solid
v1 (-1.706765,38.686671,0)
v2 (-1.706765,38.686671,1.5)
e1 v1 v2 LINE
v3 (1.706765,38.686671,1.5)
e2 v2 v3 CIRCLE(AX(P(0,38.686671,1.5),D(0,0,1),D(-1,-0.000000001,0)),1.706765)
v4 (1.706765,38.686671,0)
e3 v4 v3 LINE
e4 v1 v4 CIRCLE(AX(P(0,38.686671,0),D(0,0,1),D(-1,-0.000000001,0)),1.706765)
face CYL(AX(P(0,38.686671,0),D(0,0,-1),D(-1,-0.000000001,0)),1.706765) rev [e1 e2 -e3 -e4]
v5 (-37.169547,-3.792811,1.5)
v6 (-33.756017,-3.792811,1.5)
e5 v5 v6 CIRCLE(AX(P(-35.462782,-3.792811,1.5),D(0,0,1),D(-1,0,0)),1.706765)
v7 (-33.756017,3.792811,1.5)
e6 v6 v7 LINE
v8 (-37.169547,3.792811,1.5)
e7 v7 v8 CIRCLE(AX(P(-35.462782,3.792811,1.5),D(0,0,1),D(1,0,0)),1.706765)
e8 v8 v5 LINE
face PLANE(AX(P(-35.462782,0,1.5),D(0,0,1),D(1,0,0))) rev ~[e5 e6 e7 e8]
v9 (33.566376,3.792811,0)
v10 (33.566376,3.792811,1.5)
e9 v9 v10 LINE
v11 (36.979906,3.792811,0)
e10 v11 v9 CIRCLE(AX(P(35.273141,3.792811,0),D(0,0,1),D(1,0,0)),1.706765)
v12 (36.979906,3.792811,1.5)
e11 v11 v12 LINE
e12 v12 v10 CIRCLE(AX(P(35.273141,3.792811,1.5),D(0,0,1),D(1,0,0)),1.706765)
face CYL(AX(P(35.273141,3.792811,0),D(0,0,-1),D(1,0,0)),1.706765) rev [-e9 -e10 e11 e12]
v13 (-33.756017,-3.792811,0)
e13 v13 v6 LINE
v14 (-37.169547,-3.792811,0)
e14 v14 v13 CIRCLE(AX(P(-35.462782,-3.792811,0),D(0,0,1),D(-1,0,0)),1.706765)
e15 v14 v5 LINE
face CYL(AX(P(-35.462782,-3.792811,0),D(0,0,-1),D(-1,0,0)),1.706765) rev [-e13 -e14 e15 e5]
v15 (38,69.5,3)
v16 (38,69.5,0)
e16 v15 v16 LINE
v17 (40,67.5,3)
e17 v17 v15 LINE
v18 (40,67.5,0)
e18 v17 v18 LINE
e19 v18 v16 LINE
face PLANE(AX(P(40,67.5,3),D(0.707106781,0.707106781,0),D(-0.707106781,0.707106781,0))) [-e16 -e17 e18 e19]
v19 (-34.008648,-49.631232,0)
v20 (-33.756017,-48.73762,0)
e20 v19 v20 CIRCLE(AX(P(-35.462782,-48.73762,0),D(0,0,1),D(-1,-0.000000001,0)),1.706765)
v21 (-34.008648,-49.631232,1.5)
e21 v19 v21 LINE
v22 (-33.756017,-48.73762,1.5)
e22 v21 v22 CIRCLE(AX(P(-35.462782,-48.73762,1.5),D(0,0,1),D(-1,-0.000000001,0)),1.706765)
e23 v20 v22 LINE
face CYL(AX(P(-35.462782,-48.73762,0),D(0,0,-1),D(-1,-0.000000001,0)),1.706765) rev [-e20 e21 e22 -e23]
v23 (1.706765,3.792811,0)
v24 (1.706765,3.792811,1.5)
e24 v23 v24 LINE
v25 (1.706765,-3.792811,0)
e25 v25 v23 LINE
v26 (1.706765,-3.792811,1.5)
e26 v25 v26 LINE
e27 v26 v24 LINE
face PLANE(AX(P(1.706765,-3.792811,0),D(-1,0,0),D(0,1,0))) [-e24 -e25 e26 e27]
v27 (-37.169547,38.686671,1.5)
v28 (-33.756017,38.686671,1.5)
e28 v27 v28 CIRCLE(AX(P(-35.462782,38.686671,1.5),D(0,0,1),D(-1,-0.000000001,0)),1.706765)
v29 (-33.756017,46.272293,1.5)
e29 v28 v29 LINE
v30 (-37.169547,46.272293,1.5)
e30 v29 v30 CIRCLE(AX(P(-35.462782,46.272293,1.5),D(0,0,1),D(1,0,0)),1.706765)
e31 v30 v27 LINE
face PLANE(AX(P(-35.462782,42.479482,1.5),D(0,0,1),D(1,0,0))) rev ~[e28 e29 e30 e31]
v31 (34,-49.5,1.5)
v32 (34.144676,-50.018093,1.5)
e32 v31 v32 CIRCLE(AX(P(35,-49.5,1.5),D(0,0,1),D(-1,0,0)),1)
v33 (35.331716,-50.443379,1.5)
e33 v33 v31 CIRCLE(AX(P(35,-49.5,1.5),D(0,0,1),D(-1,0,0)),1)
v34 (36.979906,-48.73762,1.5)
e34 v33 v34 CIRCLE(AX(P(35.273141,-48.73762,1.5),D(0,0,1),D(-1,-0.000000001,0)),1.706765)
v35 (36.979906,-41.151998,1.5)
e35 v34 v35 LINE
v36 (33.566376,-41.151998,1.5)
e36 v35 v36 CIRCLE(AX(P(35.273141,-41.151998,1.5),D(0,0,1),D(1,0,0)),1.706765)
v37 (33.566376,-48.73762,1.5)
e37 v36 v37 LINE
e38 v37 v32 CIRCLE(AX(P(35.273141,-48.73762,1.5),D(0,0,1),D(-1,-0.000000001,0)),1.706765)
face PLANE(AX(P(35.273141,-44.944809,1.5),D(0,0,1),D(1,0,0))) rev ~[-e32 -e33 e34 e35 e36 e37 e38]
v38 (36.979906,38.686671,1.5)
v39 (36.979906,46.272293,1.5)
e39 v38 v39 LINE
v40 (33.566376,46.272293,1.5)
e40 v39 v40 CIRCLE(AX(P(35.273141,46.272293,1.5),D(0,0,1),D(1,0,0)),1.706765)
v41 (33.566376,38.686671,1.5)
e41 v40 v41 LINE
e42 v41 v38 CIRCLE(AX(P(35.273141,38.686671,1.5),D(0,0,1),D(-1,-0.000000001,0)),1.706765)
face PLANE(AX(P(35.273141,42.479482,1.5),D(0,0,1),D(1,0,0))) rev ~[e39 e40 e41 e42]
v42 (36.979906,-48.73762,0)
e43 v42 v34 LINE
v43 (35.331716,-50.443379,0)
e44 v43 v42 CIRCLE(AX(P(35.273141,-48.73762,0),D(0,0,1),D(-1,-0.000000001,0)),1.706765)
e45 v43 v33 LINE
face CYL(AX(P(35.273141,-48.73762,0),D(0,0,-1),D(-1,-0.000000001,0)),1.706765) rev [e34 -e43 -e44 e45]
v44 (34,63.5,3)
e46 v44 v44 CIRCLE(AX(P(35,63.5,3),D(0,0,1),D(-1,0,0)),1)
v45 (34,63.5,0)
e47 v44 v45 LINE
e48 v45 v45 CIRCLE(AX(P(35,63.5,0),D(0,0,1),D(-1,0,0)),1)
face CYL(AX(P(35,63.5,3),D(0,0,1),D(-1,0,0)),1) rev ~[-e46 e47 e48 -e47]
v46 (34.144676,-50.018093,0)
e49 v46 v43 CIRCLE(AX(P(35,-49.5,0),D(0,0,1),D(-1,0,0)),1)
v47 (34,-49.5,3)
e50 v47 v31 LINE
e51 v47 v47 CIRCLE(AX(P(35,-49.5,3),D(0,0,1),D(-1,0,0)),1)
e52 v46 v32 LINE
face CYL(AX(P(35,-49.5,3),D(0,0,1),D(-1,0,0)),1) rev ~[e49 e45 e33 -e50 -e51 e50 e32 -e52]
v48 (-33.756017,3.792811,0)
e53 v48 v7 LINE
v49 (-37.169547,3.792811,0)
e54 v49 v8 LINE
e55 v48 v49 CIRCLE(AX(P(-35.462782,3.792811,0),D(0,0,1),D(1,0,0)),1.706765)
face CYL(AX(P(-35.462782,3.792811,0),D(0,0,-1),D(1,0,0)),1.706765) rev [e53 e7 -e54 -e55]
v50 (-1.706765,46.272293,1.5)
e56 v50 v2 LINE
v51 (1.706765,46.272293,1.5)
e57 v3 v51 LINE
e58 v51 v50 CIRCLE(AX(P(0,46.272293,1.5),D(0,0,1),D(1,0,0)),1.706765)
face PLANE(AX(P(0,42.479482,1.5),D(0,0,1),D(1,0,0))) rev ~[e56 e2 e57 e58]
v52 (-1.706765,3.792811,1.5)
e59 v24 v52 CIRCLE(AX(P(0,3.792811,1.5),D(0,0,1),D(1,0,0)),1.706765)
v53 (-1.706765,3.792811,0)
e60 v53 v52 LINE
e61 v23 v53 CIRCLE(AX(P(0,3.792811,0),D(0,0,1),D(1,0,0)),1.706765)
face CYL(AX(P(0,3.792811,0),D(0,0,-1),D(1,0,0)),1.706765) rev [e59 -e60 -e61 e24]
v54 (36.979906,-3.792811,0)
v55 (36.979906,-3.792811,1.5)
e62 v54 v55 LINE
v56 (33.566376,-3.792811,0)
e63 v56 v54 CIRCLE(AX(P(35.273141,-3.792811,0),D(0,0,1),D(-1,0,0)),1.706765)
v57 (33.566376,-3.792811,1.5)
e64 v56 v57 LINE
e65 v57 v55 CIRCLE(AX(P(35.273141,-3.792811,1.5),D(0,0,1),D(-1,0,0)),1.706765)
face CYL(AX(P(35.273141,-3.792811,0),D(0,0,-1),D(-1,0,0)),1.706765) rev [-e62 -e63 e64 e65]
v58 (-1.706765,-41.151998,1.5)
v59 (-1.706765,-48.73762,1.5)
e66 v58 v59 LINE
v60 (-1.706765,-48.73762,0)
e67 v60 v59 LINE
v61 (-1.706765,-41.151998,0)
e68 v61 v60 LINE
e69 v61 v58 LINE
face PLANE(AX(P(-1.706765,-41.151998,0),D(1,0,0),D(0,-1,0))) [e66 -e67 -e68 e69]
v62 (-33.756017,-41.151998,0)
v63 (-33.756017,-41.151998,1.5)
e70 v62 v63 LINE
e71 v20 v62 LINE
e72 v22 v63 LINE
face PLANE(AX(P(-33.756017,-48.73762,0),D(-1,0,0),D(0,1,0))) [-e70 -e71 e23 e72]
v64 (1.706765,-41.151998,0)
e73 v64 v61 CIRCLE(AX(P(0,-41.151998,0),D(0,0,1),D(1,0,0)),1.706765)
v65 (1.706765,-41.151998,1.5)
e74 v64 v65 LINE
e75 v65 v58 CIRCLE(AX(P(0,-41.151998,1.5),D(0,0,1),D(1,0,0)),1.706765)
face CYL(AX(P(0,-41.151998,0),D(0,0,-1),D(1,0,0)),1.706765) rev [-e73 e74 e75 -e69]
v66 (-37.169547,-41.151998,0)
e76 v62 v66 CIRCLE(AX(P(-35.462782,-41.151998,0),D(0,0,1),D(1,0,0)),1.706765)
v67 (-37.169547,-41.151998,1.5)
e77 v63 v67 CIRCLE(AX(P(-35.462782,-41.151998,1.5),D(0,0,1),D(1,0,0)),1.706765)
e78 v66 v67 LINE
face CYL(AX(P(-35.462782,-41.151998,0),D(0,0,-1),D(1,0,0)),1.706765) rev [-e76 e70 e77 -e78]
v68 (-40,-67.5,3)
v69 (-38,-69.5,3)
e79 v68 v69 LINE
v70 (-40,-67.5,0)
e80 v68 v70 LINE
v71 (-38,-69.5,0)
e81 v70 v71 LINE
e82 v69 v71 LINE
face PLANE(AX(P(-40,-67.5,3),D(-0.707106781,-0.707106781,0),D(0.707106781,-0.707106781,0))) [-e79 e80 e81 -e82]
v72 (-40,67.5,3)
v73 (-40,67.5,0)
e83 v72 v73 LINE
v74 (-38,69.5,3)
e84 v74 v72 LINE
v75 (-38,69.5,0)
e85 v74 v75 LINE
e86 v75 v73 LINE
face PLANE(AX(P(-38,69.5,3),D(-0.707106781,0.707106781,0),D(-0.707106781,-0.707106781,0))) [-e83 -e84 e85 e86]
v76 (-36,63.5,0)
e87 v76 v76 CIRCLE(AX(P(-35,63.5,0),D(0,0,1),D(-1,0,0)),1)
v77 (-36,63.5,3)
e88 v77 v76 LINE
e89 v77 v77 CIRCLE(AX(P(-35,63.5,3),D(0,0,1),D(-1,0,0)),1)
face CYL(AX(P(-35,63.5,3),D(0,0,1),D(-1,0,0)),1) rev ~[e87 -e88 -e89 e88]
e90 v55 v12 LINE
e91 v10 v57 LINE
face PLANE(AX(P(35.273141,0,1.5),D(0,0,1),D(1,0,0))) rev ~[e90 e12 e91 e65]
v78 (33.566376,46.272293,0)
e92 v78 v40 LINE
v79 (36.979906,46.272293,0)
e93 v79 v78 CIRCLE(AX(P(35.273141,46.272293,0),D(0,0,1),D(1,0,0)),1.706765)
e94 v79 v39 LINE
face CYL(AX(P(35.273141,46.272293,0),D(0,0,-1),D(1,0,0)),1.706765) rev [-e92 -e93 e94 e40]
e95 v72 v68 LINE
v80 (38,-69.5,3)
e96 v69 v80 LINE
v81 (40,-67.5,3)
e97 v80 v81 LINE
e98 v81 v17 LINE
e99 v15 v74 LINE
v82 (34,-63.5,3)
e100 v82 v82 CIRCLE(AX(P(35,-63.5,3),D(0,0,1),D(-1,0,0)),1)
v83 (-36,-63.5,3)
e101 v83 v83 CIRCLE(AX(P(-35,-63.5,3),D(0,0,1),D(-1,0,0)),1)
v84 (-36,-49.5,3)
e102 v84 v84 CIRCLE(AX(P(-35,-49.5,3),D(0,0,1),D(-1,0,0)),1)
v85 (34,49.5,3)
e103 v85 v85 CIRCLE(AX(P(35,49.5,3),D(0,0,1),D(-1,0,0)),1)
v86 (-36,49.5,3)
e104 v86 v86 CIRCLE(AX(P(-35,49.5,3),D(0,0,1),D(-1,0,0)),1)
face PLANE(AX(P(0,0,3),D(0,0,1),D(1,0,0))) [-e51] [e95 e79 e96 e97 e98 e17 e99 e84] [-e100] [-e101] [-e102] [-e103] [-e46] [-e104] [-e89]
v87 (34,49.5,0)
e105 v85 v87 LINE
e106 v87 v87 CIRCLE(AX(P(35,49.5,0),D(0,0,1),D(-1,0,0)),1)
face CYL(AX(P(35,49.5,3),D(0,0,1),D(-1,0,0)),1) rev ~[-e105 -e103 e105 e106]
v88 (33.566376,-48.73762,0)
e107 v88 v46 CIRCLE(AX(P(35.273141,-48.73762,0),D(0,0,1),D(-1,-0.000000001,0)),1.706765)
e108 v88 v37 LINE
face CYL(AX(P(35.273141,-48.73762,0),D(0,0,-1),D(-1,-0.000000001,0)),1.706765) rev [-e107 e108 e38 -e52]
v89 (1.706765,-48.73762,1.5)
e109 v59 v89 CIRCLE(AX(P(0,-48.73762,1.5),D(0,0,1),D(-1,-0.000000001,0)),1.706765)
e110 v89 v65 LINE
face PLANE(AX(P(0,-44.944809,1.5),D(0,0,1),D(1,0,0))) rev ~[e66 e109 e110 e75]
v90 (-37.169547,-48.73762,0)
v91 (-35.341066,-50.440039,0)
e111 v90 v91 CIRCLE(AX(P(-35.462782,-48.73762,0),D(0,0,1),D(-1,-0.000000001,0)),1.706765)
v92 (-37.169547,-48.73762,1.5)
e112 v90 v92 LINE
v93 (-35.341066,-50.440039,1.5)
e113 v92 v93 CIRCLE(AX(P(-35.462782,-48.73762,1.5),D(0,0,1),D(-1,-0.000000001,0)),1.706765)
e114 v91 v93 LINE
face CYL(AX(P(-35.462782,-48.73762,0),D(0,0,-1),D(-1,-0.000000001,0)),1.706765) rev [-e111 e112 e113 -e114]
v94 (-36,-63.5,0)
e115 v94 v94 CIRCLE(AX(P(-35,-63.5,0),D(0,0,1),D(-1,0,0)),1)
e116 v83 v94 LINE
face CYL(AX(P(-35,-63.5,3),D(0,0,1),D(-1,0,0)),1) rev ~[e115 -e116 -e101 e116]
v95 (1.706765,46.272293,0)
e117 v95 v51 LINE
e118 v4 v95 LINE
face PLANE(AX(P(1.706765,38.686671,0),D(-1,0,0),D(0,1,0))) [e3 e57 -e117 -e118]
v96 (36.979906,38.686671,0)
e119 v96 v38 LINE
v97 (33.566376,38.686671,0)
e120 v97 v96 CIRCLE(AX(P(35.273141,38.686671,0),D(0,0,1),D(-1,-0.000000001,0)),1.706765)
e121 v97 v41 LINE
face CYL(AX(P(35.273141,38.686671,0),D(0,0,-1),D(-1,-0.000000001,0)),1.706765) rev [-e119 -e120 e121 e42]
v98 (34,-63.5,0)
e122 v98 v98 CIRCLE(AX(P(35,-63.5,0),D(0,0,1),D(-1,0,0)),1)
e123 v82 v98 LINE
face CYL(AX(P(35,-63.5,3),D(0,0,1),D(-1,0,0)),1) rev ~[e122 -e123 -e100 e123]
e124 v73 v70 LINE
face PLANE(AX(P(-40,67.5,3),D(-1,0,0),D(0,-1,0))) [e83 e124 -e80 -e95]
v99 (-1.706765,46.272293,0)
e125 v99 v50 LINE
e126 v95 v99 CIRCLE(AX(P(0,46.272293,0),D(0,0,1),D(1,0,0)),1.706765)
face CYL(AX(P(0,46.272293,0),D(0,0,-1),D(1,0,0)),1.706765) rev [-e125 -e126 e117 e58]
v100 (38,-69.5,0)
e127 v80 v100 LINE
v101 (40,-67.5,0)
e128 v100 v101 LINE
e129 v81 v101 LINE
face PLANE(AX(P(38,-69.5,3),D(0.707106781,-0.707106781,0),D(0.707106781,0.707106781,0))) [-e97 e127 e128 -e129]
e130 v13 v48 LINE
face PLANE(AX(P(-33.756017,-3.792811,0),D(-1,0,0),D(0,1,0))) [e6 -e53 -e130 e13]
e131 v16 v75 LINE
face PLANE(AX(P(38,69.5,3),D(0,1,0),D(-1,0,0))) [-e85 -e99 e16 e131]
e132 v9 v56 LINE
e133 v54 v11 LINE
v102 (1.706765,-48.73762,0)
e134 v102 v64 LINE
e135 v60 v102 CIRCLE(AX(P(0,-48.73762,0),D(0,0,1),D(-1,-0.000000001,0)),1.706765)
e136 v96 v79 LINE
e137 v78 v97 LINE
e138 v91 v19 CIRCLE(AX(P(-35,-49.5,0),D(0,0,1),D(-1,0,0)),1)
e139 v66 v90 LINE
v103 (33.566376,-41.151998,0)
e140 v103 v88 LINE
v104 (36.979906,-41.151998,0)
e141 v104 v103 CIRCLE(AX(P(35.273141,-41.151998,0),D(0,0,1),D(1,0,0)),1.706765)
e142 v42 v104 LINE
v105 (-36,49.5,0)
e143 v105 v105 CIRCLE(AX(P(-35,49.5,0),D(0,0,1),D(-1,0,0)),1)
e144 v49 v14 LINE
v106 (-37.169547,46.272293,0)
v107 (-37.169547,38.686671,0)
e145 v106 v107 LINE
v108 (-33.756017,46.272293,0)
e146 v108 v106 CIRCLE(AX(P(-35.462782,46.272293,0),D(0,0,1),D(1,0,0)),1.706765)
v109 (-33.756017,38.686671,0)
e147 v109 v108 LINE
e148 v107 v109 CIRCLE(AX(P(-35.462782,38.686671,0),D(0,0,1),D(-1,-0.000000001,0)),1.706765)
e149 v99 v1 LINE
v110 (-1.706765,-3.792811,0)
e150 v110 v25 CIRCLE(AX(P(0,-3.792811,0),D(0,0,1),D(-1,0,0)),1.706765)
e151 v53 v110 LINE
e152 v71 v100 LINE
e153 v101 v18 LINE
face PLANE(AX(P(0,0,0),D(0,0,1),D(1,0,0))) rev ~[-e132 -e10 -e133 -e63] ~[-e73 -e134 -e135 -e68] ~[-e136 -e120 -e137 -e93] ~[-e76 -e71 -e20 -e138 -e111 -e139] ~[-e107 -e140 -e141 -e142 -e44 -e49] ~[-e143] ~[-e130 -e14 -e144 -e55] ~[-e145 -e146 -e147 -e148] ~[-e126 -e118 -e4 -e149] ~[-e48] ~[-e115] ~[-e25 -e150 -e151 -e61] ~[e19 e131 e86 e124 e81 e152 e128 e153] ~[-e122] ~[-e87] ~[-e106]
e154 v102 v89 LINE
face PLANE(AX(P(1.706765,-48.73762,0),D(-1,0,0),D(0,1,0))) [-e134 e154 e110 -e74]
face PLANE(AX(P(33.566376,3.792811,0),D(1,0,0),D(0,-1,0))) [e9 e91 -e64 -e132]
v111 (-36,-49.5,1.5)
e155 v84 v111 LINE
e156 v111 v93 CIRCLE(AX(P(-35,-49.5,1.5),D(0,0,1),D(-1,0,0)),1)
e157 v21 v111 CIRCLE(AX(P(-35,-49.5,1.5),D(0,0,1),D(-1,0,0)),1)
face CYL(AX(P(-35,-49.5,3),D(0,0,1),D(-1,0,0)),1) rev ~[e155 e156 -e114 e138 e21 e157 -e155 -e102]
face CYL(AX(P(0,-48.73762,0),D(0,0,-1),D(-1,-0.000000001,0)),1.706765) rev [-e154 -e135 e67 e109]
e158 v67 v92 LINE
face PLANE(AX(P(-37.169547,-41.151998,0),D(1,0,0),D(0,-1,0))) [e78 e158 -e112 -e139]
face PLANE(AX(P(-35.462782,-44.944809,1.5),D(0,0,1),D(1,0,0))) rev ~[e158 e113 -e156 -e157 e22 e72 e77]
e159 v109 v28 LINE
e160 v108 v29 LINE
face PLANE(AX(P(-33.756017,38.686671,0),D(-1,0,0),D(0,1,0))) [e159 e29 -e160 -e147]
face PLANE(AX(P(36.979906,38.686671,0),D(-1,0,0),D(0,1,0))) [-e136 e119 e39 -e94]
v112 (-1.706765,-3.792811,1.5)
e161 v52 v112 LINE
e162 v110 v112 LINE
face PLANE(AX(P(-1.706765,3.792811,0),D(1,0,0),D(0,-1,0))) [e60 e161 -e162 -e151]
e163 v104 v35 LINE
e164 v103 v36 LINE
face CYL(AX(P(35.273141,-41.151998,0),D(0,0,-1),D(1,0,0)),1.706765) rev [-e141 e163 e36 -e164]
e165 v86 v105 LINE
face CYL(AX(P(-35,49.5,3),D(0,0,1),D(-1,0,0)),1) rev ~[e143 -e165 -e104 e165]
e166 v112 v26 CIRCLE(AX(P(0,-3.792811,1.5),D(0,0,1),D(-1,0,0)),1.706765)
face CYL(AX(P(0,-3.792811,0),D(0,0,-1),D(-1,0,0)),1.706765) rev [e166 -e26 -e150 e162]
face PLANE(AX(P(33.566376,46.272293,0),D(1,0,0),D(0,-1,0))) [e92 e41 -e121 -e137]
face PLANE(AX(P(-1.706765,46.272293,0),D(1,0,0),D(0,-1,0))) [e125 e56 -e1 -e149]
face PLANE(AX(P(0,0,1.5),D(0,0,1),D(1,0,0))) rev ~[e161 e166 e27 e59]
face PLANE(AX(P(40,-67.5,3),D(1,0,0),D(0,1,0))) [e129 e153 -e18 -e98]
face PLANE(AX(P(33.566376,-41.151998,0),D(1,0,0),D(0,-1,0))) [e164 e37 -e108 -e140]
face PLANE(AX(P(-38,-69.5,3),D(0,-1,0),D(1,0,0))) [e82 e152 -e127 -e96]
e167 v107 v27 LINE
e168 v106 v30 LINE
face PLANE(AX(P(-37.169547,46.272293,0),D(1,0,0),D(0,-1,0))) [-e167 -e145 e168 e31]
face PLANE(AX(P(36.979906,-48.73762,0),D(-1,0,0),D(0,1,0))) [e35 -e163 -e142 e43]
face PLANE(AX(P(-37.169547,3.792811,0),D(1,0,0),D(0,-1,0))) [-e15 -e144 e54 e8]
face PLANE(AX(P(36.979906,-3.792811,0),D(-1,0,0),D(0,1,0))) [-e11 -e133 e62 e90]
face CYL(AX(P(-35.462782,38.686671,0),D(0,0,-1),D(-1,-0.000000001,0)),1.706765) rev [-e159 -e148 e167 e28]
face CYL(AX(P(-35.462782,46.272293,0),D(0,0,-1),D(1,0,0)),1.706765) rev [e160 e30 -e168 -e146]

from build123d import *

# Parameters (mm, degrees)
SKETCH1_R           = 1
BOSS_EXTRUDE1_DEPTH = 3
CUT_EXTRUDE4_DEPTH  = 1.5


with BuildPart() as part:
    # Sketch1 → Boss-Extrude1 (new body)
    with BuildSketch(Plane.XY.offset(3)):
        Polygon((-38, -69.5), (38, -69.5), (40, -67.5), (40, 67.5), (38, 69.5), (-38, 69.5), (-40, 67.5), (-40, -67.5), align=None)
        with Locations(Location((35, 49.5, 0), (0, 0, 180))):
            Circle(SKETCH1_R, mode=Mode.SUBTRACT)
        with Locations(Location((-35, -63.5, 0), (0, 0, 180))):
            Circle(SKETCH1_R, mode=Mode.SUBTRACT)
        with Locations(Location((35, 63.5, 0), (0, 0, 180))):
            Circle(SKETCH1_R, mode=Mode.SUBTRACT)
        with Locations(Location((-35, -49.5, 0), (0, 0, 180))):
            Circle(SKETCH1_R, mode=Mode.SUBTRACT)
        with Locations(Location((-35, 49.5, 0), (0, 0, 180))):
            Circle(SKETCH1_R, mode=Mode.SUBTRACT)
        with Locations(Location((-35, 63.5, 0), (0, 0, 180))):
            Circle(SKETCH1_R, mode=Mode.SUBTRACT)
        with Locations(Location((35, -49.5, 0), (0, 0, 180))):
            Circle(SKETCH1_R, mode=Mode.SUBTRACT)
        with Locations(Location((35, -63.5, 0), (0, 0, 180))):
            Circle(SKETCH1_R, mode=Mode.SUBTRACT)
    extrude(amount=-BOSS_EXTRUDE1_DEPTH)

    # Sketch2 → Cut-Extrude4 (cut)
    with BuildSketch(Plane(origin=(0, 0, 0), x_dir=(-1, 0, 0), z_dir=(0, 0, -1))):
        with BuildLine():
            Line((1.706764898, 46.272292783), (1.706764898, 38.686671015))
            ThreePointArc((1.706764898, 38.686671015), (0, 36.979906118), (-1.706764898, 38.686671015))
            Line((-1.706764898, 38.686671015), (-1.706764898, 46.272292783))
            ThreePointArc((-1.706764898, 46.272292783), (0, 47.979057681), (1.706764898, 46.272292783))
        make_face()
        with BuildLine():
            Line((1.706764898, 3.792810884), (1.706764898, -3.792810884))
            ThreePointArc((1.706764898, -3.792810884), (0, -5.499575782), (-1.706764898, -3.792810884))
            Line((-1.706764898, -3.792810884), (-1.706764898, 3.792810884))
            ThreePointArc((-1.706764898, 3.792810884), (0, 5.499575782), (1.706764898, 3.792810884))
        make_face()
        with BuildLine():
            Line((-33.566376322, 46.272292783), (-33.566376322, 38.686671015))
            ThreePointArc((-33.566376322, 38.686671015), (-35.27314122, 36.979906118), (-36.979906118, 38.686671015))
            Line((-36.979906118, 38.686671015), (-36.979906118, 46.272292783))
            ThreePointArc((-36.979906118, 46.272292783), (-35.27314122, 47.979057681), (-33.566376322, 46.272292783))
        make_face()
        with BuildLine():
            Line((37.169546662, 46.272292783), (37.169546662, 38.686671015))
            ThreePointArc((37.169546662, 38.686671015), (35.462781764, 36.979906118), (33.756016866, 38.686671015))
            Line((33.756016866, 38.686671015), (33.756016866, 46.272292783))
            ThreePointArc((33.756016866, 46.272292783), (35.462781764, 47.979057681), (37.169546662, 46.272292783))
        make_face()
        with BuildLine():
            Line((1.706764898, -41.15199809), (1.706764898, -48.737619858))
            ThreePointArc((1.706764898, -48.737619858), (0, -50.444384755), (-1.706764898, -48.737619858))
            Line((-1.706764898, -48.737619858), (-1.706764898, -41.15199809))
            ThreePointArc((-1.706764898, -41.15199809), (0, -39.445233192), (1.706764898, -41.15199809))
        make_face()
        with BuildLine():
            Line((-33.566376322, -41.15199809), (-33.566376322, -48.737619858))
            ThreePointArc((-33.566376322, -48.737619858), (-35.27314122, -50.444384755), (-36.979906118, -48.737619858))
            Line((-36.979906118, -48.737619858), (-36.979906118, -41.15199809))
            ThreePointArc((-36.979906118, -41.15199809), (-35.27314122, -39.445233192), (-33.566376322, -41.15199809))
        make_face()
        with BuildLine():
            Line((-33.566376322, 3.792810884), (-33.566376322, -3.792810884))
            ThreePointArc((-33.566376322, -3.792810884), (-35.27314122, -5.499575782), (-36.979906118, -3.792810884))
            Line((-36.979906118, -3.792810884), (-36.979906118, 3.792810884))
            ThreePointArc((-36.979906118, 3.792810884), (-35.27314122, 5.499575782), (-33.566376322, 3.792810884))
        make_face()
        with BuildLine():
            Line((37.169546662, -41.15199809), (37.169546662, -48.737619858))
            ThreePointArc((37.169546662, -48.737619858), (35.462781764, -50.444384755), (33.756016866, -48.737619858))
            Line((33.756016866, -48.737619858), (33.756016866, -41.15199809))
            ThreePointArc((33.756016866, -41.15199809), (35.462781764, -39.445233192), (37.169546662, -41.15199809))
        make_face()
        with BuildLine():
            Line((37.169546662, 3.792810884), (37.169546662, -3.792810884))
            ThreePointArc((37.169546662, -3.792810884), (35.462781764, -5.499575782), (33.756016866, -3.792810884))
            Line((33.756016866, -3.792810884), (33.756016866, 3.792810884))
            ThreePointArc((33.756016866, 3.792810884), (35.462781764, 5.499575782), (37.169546662, 3.792810884))
        make_face()
    extrude(amount=-CUT_EXTRUDE4_DEPTH, mode=Mode.SUBTRACT)


solid = part.part
